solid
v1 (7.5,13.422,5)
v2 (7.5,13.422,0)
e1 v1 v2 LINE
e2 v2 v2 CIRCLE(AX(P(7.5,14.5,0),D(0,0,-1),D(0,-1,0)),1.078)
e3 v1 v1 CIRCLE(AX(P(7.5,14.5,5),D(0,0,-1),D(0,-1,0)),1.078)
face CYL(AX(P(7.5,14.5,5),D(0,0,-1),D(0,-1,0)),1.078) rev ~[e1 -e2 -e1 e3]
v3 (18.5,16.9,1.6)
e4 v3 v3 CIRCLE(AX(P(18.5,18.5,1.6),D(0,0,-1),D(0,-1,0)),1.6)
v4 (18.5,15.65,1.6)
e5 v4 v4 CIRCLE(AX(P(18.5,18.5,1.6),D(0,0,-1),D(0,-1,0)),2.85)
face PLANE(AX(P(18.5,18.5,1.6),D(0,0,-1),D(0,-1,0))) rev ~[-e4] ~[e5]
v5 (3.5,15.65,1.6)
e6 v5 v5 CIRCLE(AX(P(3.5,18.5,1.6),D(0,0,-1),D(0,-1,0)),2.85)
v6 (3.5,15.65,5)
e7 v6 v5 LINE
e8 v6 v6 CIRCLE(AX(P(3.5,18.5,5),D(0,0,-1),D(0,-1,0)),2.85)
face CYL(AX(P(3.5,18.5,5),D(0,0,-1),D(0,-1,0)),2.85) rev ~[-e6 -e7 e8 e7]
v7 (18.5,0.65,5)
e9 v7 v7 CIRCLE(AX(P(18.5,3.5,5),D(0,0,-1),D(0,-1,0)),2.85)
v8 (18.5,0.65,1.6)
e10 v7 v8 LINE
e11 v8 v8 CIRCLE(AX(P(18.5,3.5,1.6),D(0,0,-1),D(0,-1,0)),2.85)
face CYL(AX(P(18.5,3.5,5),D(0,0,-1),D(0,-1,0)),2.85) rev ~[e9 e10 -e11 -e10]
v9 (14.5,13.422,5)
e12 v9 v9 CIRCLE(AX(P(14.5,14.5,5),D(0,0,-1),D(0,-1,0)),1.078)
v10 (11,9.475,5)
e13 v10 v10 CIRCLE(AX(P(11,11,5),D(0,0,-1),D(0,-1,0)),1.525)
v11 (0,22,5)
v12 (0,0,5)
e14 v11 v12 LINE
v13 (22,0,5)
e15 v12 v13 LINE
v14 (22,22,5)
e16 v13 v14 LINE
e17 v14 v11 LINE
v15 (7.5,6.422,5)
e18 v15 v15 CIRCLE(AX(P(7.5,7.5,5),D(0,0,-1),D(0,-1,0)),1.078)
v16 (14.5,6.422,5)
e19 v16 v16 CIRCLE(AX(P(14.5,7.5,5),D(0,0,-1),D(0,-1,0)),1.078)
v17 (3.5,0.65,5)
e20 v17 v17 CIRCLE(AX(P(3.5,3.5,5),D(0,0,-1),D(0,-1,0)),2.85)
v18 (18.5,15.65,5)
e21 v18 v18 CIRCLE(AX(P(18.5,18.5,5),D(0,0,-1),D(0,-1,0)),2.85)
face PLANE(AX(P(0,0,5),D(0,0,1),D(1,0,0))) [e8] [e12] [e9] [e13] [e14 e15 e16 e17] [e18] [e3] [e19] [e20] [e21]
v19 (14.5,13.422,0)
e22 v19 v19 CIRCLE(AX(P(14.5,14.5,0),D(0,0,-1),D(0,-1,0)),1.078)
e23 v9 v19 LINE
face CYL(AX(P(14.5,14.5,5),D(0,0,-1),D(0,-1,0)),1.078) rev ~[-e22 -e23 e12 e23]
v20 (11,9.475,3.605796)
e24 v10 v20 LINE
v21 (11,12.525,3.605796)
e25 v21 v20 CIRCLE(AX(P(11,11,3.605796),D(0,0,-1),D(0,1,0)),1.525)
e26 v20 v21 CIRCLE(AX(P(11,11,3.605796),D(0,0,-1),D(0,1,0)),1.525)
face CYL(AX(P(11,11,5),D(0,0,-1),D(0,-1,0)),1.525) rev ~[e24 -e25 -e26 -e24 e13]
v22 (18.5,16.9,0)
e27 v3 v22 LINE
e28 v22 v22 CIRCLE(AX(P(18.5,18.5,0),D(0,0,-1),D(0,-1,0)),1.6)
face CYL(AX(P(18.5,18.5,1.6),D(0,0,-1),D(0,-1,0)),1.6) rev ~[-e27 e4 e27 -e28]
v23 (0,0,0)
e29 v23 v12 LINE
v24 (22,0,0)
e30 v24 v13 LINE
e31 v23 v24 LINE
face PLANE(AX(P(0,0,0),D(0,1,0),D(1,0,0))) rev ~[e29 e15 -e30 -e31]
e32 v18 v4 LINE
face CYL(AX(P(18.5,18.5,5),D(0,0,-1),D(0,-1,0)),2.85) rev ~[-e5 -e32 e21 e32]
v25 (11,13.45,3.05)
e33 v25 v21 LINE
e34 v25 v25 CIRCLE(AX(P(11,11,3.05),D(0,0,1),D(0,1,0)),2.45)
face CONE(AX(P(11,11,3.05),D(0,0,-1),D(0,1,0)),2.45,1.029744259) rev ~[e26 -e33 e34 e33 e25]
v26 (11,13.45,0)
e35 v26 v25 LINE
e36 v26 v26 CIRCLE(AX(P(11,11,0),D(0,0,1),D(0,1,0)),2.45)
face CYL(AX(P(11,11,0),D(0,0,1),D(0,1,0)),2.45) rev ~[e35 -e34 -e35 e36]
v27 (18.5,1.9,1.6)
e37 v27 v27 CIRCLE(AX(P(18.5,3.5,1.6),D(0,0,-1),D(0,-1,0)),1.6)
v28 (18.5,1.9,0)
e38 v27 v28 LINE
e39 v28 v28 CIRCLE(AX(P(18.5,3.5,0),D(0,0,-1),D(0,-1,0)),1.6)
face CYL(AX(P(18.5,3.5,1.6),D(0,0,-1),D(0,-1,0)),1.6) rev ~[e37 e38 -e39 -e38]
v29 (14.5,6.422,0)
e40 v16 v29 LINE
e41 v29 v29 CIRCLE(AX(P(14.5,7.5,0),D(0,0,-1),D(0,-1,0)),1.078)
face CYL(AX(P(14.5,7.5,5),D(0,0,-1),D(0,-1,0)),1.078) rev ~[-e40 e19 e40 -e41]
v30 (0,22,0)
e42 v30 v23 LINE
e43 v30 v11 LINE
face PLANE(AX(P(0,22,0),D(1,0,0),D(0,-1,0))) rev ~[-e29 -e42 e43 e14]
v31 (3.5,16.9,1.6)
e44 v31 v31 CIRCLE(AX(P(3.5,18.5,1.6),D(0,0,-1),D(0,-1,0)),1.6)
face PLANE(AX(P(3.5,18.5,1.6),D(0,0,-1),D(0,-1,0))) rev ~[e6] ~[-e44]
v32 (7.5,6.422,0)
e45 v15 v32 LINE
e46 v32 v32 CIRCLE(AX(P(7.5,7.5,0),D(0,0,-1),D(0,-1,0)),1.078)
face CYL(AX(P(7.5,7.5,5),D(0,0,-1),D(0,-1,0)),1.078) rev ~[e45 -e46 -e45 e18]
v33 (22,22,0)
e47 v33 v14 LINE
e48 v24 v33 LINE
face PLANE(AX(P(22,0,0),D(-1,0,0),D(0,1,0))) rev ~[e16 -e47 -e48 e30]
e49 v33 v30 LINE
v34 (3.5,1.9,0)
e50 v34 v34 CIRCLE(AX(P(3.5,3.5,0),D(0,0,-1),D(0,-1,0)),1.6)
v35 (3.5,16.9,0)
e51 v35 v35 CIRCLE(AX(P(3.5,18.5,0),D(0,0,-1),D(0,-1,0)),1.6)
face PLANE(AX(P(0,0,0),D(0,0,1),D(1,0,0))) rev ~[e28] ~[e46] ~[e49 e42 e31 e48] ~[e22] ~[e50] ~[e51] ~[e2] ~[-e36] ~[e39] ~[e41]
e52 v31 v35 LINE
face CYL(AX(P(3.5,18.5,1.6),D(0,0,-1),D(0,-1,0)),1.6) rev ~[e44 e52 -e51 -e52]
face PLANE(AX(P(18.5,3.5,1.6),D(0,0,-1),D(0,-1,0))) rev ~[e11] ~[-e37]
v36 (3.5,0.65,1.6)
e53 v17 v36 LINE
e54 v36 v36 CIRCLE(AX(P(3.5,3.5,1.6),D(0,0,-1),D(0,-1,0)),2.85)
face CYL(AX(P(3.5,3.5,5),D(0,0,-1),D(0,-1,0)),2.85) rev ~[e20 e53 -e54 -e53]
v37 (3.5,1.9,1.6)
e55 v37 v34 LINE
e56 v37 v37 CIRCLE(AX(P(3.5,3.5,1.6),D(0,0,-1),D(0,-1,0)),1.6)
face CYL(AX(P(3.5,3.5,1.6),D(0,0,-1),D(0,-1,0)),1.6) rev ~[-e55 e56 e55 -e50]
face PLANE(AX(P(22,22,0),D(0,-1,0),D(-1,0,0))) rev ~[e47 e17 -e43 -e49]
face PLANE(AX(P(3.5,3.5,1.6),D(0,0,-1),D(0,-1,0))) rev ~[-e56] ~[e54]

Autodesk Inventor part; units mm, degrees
ref_plane "YZ Plane" through (0, 0, 0) normal (1, 0, 0) x (0, 1, 0)
ref_plane "XZ Plane" through (0, 0, 0) normal (0, 1, 0) x (-1, 0, 0)
ref_plane "XY Plane" through (0, 0, 0) normal (0, 0, 1) x (1, 0, 0)
sketch "Sketch1" plane through (0, 0, 0) normal (0, 0, 1) x (1, 0, 0)
  line L0 (0, 0) -> (22, 0)
  line L1 (22, 0) -> (22, 22)
  line L2 (22, 22) -> (0, 22)
  line L3 (0, 22) -> (0, 0)
  dimension "d0" = 22
  dimension "d1" = 22
extrude "Extrusion1" add sketch "Sketch1" along normal blind 5
sketch "Sketch2" plane through (0, 0, 5) normal (0, 0, 1) x (1, 0, 0)
  circle A0 centre (3.5, 18.5) radius 1.5
  circle A1 centre (18.5, 18.5) radius 1.5
  line L0 (0, 22) -> (0, 0) projected
  line L1 (22, 22) -> (0, 22) projected
  circle A2 centre (3.5, 3.5) radius 1.5
  line L2 (0, 0) -> (22, 0) projected
  circle A3 centre (18.5, 3.5) radius 1.5
  line L3 (22, 0) -> (22, 22) projected
  dimension "d4" = 3
  dimension "d5" = 3
  dimension "d6" = 3.5
  dimension "d7" = 15
  dimension "d8" = 3.5
  dimension "d9" = 3.5
  dimension "d10" = 3
  dimension "d11" = 3.5
  dimension "d12" = 3.5
  dimension "d13" = 3
  dimension "d14" = 3.5
  dimension "d15" = 3.5
hole "Hole1" at (3.5, 18.5, 5) at (18.5, 18.5, 5) at (18.5, 3.5, 5) at (3.5, 3.5, 5) direction (0, 0, -1) diameter 3.2 end through all counterbore diameter 5.7 counterbore depth 3.4
sketch "Sketch3" plane through (0, 0, 5) normal (0, 0, 1) x (1, 0, 0)
  circle A0 centre (7.5, 7.5) radius 1.5
  line L0 (0, 22) -> (0, 0) projected
  line L1 (0, 0) -> (22, 0) projected
  circle A1 centre (7.5, 14.5) radius 1.5
  circle A2 centre (14.5, 7.5) radius 1.5
  circle A3 centre (14.5, 14.5) radius 1.5
  dimension "d23" = 3
  dimension "d24" = 7.5
  dimension "d25" = 7.5
  dimension "d33" = 3
  dimension "d34" = 3
  dimension "d35" = 3
  dimension "d36" = 7
  dimension "d37" = 7
  dimension "d38" = 7
  dimension "d39" = 0
  dimension "d40" = 7.5
  dimension "d41" = 7
hole "Hole2" at (7.5, 7.5, 5) at (7.5, 14.5, 5) at (14.5, 7.5, 5) at (14.5, 14.5, 5) direction (0, 0, -1) diameter 2.156 end through all thread size "4-40 UNC" class "2B" standard "ANSI Unified Screw Threads"
sketch "Sketch7" plane through (0, 0, 5) normal (0, 0, 1) x (1, 0, 0)
  circle A0 centre (11, 11) radius 1.5
  line L0 (22, 22) -> (0, 22) projected
  line L1 (22, 0) -> (22, 22) projected
  point P0 (0, 0)
  dimension "d64" = 3
  dimension "d65" = 11
  dimension "d66" = 11
hole "Hole5" at (11, 11, 5) direction (0, 0, -1) diameter 3.05 end through all
sketch "Sketch8" plane through (0, 0, 0) normal (0, 0, -1) x (-1, 0, 0)
  circle A0 centre (-11, 11) radius 1.525 projected
  circle A1 centre (-11, 11) radius 2.45
  point P0 (0, 0)
  dimension "d74" = 4.9
hole "Hole6" at (11, 11, 0) direction (0, 0, 1) diameter 4.9 depth 3.05 tip angle 118
equation "\"d21\" = Thickness"
equation "\"d23\" = d35"
equation "\"d33\" = d35"
equation "\"d34\" = d35"
equation "\"d36\" = d38"
equation "\"d37\" = d38"
equation "\"d40\" = d25"
equation "\"BendRadius\" = Thickness"
equation "\"BendReliefWidth\" = Thickness"
equation "\"BendReliefDepth\" = 0.5 * Thickness"
equation "\"CornerReliefSize\" = 4 * Thickness"
equation "\"MinimumRemnant\" = 2 * Thickness"
equation "\"TransitionRadius\" = BendRadius"
equation "\"JacobiRadiusSize\" = BendRadius"
equation "\"GapSize\" = Thickness"
equation "\"Thickness\" = 0.5"
properties part number "sample holder mount on PI_V_522_v2"
